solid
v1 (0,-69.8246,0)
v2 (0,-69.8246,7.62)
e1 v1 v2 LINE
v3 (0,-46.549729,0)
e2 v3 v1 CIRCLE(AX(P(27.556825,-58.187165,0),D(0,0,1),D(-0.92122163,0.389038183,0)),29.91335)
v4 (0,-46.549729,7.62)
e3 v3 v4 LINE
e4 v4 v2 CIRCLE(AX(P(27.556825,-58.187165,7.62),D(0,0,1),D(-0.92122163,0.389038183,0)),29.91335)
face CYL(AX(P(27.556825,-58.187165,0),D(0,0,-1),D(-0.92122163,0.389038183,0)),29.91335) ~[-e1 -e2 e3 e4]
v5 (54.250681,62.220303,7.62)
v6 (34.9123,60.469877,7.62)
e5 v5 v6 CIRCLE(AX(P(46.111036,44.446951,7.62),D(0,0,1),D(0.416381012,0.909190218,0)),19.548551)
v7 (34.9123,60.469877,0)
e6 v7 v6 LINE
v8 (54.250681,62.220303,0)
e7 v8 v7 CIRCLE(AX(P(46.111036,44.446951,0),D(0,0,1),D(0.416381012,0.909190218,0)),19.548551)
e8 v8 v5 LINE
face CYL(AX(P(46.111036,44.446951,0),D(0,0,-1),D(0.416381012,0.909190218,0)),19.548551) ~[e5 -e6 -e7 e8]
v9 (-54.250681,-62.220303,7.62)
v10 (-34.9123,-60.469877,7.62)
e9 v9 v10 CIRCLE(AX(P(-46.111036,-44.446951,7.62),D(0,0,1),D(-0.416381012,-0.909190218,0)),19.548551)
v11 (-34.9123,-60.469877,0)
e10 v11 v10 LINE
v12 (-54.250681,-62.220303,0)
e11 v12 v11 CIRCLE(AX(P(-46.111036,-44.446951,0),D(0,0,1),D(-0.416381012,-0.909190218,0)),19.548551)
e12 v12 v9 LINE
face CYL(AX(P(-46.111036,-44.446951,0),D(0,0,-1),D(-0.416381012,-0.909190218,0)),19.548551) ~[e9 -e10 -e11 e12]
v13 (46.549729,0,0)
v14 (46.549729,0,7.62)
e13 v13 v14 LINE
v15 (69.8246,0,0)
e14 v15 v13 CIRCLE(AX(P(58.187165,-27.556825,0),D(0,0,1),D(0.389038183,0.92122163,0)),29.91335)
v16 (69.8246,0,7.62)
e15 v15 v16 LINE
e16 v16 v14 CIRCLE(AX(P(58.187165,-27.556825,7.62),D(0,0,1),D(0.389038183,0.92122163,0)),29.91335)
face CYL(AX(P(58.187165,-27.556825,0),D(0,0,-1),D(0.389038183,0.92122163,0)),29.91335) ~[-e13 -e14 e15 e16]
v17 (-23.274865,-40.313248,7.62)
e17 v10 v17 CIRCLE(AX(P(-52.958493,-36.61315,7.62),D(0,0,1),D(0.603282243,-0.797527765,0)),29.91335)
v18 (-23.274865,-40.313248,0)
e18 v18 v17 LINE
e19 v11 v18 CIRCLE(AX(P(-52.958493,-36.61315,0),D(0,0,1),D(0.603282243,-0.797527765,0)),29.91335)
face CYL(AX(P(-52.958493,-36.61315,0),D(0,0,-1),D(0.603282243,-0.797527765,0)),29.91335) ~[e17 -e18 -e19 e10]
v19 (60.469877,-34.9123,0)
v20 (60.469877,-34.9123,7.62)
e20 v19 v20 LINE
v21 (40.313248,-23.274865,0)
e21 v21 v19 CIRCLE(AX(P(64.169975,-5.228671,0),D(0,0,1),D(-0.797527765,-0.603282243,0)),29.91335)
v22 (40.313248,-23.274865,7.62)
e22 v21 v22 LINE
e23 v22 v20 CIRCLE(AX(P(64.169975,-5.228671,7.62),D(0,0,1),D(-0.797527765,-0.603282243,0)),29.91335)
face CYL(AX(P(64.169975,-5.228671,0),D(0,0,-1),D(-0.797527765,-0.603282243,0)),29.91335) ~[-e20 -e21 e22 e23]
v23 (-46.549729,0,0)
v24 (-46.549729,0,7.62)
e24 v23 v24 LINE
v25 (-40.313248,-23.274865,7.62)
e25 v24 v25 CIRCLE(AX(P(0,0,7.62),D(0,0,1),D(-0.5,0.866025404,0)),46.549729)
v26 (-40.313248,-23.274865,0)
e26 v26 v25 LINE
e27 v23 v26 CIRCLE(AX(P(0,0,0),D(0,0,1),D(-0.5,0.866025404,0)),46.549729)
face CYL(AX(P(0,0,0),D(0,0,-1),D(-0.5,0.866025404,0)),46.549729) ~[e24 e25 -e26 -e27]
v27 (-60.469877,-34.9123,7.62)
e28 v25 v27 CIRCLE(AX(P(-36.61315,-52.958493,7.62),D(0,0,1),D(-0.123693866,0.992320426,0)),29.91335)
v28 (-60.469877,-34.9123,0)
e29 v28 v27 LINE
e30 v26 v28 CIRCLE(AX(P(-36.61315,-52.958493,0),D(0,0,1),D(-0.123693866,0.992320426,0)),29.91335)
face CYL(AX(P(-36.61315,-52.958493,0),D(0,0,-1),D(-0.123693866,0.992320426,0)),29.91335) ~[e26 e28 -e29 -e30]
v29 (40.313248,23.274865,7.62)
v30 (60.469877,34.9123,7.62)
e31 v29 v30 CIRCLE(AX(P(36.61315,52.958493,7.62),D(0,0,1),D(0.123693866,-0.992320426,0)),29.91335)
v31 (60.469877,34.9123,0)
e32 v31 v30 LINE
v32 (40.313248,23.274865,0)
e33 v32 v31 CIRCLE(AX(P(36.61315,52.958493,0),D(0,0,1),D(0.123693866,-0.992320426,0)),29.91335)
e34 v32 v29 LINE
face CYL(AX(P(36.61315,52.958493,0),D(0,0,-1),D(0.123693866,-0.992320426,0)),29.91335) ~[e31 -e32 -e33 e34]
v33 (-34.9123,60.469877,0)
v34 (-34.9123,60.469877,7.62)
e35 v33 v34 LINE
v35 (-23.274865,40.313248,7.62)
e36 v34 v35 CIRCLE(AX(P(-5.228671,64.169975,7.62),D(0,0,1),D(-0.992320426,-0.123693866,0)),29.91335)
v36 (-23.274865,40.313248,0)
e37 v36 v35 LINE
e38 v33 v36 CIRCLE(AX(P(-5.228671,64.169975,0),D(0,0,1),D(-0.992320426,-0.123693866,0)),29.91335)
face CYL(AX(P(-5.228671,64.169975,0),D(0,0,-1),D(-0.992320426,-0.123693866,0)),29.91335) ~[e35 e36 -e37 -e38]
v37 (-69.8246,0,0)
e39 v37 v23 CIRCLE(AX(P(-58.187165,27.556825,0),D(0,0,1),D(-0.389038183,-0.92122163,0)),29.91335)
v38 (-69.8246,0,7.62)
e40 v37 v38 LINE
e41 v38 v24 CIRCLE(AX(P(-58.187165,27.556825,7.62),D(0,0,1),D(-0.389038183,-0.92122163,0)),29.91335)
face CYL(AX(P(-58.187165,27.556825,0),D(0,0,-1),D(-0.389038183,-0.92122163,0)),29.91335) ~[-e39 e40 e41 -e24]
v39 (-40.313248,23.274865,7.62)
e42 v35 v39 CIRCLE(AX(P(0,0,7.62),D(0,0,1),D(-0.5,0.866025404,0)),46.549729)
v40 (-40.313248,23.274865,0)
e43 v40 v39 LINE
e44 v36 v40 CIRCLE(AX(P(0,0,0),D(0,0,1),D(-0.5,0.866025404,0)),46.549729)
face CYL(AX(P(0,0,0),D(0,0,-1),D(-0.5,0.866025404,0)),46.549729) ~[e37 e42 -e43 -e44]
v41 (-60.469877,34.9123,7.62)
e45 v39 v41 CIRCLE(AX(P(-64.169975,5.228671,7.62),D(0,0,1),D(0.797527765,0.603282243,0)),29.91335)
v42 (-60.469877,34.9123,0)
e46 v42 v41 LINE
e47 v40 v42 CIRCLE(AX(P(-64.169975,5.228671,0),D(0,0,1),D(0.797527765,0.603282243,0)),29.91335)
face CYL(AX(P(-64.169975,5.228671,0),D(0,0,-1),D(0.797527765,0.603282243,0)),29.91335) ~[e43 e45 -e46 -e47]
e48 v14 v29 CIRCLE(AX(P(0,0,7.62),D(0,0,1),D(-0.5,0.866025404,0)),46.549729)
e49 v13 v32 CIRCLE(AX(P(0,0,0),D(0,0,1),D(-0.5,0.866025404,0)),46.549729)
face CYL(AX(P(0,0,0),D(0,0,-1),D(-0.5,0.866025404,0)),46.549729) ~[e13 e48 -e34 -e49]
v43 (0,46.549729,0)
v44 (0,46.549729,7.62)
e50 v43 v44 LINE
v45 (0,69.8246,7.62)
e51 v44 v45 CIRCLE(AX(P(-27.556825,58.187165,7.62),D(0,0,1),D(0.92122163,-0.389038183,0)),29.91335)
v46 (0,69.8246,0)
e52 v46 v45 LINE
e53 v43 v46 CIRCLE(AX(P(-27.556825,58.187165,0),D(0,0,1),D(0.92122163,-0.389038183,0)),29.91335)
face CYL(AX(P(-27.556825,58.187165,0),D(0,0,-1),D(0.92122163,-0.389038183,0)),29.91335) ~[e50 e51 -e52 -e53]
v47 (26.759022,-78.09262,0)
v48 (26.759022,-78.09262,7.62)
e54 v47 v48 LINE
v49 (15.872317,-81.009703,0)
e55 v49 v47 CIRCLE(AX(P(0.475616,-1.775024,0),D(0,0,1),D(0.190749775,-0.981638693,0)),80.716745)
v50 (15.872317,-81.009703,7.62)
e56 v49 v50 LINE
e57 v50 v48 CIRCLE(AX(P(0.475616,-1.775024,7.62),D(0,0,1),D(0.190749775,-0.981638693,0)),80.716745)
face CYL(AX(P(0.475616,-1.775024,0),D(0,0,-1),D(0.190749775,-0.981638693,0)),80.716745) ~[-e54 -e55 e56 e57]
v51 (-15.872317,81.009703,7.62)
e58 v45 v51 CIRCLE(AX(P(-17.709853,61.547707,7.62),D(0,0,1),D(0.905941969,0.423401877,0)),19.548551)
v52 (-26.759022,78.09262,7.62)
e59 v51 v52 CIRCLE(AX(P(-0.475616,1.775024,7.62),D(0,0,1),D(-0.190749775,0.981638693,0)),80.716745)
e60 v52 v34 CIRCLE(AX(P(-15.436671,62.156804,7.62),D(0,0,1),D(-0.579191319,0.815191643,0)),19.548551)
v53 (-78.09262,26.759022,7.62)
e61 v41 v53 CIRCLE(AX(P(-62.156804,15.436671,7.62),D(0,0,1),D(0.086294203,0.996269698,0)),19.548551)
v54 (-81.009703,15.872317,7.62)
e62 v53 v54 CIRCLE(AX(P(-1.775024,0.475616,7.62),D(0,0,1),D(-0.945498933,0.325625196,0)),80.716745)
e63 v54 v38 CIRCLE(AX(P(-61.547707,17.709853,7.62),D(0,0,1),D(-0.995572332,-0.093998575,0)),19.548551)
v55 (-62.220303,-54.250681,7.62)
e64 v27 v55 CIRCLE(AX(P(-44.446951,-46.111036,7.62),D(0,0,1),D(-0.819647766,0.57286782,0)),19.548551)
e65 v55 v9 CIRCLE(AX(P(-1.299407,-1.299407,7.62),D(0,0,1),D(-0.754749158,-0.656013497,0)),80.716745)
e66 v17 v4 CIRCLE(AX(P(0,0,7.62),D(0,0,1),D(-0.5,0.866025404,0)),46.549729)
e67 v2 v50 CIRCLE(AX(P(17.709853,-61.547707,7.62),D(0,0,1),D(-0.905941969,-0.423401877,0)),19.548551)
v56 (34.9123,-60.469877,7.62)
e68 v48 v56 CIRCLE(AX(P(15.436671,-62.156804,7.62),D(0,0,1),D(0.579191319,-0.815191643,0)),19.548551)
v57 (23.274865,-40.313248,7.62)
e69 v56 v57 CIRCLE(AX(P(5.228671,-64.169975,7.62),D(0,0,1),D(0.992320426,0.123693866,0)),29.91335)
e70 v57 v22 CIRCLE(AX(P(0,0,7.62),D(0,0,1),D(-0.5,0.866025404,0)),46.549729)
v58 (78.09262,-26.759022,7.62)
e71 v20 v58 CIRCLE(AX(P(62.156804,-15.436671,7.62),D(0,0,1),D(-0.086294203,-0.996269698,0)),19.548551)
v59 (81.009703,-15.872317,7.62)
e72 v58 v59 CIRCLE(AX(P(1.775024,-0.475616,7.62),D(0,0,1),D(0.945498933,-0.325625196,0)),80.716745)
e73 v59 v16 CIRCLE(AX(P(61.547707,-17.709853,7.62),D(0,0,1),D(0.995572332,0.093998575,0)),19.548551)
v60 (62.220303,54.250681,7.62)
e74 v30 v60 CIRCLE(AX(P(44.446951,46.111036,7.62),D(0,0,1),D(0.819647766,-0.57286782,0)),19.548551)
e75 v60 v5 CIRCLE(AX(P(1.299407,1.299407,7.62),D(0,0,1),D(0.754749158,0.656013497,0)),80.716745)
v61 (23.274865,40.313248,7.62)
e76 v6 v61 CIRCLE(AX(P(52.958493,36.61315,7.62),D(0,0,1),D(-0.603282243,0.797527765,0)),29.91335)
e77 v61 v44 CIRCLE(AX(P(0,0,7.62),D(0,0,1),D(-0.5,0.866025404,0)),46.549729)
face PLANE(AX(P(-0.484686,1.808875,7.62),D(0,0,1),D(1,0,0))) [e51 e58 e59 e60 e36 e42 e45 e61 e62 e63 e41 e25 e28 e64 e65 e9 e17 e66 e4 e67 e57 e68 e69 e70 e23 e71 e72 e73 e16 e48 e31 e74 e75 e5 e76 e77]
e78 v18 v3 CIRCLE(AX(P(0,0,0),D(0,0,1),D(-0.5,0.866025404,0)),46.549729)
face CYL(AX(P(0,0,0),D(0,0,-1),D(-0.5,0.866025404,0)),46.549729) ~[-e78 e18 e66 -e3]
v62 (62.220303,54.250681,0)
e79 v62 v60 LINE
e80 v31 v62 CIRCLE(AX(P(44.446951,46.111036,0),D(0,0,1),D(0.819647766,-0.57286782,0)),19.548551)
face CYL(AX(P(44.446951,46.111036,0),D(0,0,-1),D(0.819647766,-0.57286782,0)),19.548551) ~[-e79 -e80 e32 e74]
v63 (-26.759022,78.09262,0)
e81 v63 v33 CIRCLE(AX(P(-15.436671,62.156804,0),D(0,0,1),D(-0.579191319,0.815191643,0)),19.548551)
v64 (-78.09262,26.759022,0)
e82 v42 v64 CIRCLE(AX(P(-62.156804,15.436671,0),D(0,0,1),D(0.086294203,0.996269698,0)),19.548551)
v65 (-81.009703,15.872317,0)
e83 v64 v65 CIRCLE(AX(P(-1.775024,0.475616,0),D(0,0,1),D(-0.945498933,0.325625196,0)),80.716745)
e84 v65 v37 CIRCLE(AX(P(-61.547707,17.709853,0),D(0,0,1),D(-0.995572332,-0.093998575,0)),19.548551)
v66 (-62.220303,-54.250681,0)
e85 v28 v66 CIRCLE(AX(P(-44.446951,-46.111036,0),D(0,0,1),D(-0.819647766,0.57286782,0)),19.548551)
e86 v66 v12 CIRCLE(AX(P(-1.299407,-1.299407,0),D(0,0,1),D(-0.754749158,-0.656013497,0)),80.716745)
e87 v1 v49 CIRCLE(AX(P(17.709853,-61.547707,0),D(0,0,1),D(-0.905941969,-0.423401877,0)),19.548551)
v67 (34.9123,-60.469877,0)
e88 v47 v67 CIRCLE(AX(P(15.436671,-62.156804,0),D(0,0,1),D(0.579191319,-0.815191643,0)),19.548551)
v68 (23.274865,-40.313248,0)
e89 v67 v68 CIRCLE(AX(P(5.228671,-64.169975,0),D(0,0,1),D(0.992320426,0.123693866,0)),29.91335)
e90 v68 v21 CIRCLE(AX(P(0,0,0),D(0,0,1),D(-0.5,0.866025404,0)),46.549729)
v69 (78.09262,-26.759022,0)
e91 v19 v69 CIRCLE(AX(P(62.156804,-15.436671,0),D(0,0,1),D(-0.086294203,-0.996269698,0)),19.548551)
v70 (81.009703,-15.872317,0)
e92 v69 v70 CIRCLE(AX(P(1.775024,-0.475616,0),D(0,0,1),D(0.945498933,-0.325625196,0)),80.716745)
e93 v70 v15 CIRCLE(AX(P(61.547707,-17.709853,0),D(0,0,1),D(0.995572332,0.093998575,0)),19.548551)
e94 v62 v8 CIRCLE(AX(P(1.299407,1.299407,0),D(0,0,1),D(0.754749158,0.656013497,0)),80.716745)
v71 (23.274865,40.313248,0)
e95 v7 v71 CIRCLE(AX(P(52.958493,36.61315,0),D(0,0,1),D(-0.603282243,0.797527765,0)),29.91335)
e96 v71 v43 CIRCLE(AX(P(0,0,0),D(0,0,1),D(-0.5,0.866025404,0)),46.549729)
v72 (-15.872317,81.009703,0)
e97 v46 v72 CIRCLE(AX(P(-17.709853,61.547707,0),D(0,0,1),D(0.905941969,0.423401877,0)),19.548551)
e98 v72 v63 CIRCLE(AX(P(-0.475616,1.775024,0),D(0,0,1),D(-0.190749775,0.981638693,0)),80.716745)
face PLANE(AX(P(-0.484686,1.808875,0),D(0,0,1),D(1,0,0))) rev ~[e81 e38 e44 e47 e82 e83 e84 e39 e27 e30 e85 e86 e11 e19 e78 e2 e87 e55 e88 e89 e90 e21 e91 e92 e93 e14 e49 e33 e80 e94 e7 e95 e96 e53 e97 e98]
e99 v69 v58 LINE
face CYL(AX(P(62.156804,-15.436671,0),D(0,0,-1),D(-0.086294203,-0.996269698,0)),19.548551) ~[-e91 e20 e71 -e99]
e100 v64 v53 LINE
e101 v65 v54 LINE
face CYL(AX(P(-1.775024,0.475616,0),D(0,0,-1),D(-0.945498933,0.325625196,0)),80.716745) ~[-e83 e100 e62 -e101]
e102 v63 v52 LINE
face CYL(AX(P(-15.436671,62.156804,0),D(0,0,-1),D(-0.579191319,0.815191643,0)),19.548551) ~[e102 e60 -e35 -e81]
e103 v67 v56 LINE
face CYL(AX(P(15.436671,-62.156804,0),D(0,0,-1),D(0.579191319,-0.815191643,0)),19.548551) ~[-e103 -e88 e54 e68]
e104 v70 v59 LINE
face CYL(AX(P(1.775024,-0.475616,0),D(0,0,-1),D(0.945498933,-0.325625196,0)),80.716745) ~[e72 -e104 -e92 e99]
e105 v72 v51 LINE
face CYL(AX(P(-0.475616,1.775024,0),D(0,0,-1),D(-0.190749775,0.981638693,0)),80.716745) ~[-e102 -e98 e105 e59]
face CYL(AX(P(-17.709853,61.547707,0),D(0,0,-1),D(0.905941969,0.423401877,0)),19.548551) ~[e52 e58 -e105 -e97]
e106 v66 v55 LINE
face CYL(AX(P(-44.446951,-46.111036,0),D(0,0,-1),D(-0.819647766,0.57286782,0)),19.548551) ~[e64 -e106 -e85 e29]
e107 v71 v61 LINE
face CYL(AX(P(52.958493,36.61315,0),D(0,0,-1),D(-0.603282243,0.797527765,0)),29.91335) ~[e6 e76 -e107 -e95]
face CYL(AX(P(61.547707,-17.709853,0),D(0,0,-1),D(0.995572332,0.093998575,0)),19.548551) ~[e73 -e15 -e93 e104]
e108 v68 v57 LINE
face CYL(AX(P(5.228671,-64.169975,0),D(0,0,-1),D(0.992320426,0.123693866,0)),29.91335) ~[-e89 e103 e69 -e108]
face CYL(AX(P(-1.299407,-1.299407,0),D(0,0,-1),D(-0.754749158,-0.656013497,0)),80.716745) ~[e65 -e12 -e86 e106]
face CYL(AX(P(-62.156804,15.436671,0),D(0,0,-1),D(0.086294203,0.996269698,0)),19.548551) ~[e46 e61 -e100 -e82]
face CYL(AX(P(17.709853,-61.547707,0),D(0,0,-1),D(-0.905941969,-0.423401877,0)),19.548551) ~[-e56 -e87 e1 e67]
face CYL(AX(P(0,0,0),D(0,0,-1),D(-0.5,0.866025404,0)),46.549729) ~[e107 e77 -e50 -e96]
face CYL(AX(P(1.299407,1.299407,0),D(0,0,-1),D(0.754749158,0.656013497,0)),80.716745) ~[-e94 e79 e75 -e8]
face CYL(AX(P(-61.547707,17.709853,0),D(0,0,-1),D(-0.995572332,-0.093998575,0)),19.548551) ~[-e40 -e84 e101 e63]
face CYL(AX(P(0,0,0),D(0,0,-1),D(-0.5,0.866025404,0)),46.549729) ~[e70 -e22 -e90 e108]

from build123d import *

# Parameters (mm, degrees)
F1_DEPTH = 7.62
F2_COUNT = 6


with BuildPart() as f1:
    # F0 (on Top) → F1 (new body)
    with BuildSketch(Plane.XY):
        with BuildLine():
            ThreePointArc((-23.27486455, 40.3132479399), (-23.27486455, -40.3132479399), (46.5497291, 0))
            ThreePointArc((46.5497291, 0), (32.915629109, 32.915629109), (0, 46.5497291))
            ThreePointArc((0, 46.5497291), (-12.0479564354, 44.9635855444), (-23.27486455, 40.3132479399))
        make_face()
        with BuildLine():
            ThreePointArc((-23.27486455, 40.3132479399), (-12.0479564354, 44.9635855444), (0, 46.5497291))
            ThreePointArc((0, 46.5497291), (2.3565249669, 58.18716455), (0, 69.8246))
            ThreePointArc((0, 69.8246), (-6.4492251901, 77.5271972193), (-15.8723170326, 81.0097034436))
            ThreePointArc((-15.8723170326, 81.0097034436), (-21.3666469486, 79.7414119995), (-26.7590219546, 78.0926196515))
            ThreePointArc((-26.7590219546, 78.0926196515), (-33.1784057603, 70.3651348711), (-34.9123, 60.4698774091))
            ThreePointArc((-34.9123, 60.4698774091), (-31.134392761, 49.213300191), (-23.27486455, 40.3132479399))
        make_face()
    extrude(amount=F1_DEPTH)

    # F2: F1 ×6 about axis
    f2_axis = Axis((0, 0, 0), (0, 0, -1))


with BuildPart() as f1_1:
    add(f1.part)
    for i in range(1, F2_COUNT):
        add(f1.part.rotate(f2_axis, i * 360 / F2_COUNT))


solid = f1_1.part
